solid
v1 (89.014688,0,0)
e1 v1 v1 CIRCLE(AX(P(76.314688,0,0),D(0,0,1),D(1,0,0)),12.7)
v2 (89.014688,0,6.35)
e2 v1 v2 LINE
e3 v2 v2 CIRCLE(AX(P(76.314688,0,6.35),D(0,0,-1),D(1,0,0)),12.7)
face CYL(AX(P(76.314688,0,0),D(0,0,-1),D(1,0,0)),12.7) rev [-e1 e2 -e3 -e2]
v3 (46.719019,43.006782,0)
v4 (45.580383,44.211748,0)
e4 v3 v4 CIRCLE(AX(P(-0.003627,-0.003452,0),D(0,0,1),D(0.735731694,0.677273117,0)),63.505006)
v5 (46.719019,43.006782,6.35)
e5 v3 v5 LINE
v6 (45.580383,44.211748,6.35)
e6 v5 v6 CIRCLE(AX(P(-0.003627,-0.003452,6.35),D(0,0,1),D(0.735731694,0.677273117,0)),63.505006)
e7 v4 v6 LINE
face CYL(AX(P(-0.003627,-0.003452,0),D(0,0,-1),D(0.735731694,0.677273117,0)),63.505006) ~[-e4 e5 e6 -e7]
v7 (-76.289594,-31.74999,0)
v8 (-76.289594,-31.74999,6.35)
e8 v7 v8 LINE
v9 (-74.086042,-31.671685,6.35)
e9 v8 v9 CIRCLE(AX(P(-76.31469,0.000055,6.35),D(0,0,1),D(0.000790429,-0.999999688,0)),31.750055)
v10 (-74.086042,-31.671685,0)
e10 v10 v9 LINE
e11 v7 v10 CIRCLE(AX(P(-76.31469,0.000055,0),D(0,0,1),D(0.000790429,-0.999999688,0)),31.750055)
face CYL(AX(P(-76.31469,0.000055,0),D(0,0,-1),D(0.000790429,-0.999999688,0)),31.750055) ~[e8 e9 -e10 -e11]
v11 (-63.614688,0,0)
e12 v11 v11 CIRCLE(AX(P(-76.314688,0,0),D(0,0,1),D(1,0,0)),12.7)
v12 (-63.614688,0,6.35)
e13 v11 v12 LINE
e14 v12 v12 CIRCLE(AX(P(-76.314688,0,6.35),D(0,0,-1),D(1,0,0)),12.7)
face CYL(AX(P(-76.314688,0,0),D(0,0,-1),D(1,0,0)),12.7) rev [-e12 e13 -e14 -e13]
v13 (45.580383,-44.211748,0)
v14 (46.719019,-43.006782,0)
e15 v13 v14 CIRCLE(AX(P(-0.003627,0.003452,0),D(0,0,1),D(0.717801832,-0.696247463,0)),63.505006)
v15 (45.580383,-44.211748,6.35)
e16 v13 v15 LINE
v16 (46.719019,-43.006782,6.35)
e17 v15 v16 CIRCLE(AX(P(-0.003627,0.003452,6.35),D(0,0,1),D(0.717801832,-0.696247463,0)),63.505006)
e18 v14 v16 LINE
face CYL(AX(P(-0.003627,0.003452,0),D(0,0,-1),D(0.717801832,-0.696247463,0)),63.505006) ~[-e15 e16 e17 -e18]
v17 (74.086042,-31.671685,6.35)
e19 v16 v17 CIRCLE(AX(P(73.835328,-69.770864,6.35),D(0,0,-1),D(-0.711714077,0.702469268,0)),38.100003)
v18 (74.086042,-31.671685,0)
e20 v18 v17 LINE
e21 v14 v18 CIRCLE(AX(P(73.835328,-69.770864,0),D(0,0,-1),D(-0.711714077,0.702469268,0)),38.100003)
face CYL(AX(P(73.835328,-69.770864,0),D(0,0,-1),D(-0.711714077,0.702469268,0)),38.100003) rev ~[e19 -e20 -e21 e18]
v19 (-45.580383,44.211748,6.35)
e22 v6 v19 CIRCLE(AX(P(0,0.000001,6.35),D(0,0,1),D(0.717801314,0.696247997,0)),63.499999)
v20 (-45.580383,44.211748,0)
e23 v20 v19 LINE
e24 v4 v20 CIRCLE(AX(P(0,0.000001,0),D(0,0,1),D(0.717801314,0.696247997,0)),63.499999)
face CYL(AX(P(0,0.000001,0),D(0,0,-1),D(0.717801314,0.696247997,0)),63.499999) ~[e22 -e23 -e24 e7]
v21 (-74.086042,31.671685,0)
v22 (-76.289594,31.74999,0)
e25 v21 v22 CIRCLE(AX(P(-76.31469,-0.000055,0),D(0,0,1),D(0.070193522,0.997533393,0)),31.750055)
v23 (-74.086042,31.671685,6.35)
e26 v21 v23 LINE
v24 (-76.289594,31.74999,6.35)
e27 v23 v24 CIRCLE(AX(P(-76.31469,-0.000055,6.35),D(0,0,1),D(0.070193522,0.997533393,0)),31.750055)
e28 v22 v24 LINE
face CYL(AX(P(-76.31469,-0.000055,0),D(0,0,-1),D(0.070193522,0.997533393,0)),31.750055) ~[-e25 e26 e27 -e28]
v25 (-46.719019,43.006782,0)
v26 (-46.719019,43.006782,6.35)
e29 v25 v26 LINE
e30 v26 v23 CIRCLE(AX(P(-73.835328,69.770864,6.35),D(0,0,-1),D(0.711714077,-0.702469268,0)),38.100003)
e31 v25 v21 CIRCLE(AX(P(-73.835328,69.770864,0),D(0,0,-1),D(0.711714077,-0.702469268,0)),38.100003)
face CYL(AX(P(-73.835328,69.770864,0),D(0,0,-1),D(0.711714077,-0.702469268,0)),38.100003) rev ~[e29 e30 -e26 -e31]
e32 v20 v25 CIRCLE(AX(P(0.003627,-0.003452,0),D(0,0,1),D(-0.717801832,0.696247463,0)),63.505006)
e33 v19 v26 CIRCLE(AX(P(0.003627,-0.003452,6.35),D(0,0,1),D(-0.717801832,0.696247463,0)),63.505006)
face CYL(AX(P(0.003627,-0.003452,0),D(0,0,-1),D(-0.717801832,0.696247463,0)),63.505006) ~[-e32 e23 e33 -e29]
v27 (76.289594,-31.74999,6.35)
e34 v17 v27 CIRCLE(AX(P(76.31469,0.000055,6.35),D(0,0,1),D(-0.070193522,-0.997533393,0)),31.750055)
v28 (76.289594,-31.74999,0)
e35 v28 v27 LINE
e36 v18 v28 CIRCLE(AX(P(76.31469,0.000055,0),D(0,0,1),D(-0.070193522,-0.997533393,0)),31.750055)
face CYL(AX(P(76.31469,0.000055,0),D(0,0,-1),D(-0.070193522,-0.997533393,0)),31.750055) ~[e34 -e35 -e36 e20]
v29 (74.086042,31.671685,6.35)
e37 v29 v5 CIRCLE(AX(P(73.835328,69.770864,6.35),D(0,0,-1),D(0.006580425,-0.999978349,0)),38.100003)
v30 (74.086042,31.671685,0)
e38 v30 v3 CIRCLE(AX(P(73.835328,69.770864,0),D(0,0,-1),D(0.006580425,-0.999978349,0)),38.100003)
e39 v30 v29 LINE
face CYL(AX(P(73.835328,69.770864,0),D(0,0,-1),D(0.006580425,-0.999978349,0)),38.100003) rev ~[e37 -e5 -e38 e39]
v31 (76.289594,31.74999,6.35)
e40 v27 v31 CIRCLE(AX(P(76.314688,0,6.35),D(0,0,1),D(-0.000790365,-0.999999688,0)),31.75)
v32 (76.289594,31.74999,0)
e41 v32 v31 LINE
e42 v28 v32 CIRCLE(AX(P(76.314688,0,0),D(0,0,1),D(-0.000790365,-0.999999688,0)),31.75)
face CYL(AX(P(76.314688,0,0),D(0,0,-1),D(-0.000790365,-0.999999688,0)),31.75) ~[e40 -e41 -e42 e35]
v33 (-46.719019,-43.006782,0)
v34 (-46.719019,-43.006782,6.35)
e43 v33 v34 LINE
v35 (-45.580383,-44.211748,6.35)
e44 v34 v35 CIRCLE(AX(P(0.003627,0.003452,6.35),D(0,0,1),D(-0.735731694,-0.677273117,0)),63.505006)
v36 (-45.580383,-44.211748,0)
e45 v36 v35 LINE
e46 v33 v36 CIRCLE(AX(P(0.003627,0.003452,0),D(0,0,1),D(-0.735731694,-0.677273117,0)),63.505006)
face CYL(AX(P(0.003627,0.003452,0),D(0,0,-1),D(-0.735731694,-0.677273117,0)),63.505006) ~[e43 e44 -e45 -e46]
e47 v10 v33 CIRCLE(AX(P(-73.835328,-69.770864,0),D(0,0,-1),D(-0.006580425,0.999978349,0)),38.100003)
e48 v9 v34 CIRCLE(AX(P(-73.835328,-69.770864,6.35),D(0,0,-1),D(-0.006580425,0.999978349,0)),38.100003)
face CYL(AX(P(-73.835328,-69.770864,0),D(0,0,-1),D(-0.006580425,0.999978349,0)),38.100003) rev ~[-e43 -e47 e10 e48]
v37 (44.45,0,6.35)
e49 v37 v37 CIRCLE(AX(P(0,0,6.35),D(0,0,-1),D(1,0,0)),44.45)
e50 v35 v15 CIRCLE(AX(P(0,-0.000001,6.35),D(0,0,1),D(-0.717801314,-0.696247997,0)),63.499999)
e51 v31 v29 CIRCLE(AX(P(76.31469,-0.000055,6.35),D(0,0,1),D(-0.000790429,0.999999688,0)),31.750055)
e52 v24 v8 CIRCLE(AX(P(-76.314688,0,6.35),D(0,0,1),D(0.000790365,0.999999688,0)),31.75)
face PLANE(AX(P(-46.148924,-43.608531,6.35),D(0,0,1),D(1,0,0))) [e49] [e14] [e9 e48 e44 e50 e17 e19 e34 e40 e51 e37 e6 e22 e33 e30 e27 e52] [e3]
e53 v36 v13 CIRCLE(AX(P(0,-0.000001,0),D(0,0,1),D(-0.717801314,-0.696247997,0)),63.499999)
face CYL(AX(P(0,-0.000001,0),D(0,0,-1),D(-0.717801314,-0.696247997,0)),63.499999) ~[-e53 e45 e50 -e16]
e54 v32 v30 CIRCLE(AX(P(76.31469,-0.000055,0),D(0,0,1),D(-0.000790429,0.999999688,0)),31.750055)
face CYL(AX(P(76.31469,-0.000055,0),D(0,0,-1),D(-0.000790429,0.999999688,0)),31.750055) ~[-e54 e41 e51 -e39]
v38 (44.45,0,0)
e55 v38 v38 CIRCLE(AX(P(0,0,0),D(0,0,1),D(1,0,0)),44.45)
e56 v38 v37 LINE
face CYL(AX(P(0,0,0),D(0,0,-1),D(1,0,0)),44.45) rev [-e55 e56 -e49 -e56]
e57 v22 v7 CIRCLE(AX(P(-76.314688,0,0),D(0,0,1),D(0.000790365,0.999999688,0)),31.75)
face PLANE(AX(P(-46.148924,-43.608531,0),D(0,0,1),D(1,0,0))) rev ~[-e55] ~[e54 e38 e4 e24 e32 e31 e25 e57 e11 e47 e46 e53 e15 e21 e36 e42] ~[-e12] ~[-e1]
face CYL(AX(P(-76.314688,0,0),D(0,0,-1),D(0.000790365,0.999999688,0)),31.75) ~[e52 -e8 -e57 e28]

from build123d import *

# Parameters (mm, degrees)
F0_R     = 12.7
F0_R_2   = 44.45
F1_DEPTH = 6.35
F2_DEPTH = 6.35


with BuildPart() as f1:
    # F0 (on Top) → F1 (new body)
    with BuildSketch(Plane.XY):
        with BuildLine():
            ThreePointArc((-74.086042, -31.671685), (-59.255851, -34.570734), (-46.719019, -43.006782))
            ThreePointArc((-46.719019, -43.006782), (-46.143146, -43.603071), (-45.580383, -44.211748))
            ThreePointArc((-45.580383, -44.211748), (0, -63.5), (45.580383, -44.211748))
            ThreePointArc((45.580383, -44.211748), (46.143146, -43.603071), (46.719019, -43.006782))
            ThreePointArc((46.719019, -43.006782), (59.255851, -34.570734), (74.086042, -31.671685))
            ThreePointArc((74.086042, -31.671685), (75.188385, -31.694894), (76.289594, -31.74999))
            ThreePointArc((76.289594, -31.74999), (108.064688, 0), (76.289594, 31.74999))
            ThreePointArc((76.289594, 31.74999), (75.188385, 31.694894), (74.086042, 31.671685))
            ThreePointArc((74.086042, 31.671685), (59.255851, 34.570734), (46.719019, 43.006782))
            ThreePointArc((46.719019, 43.006782), (46.143146, 43.603071), (45.580383, 44.211748))
            ThreePointArc((45.580383, 44.211748), (0, 63.5), (-45.580383, 44.211748))
            ThreePointArc((-45.580383, 44.211748), (-46.143146, 43.603071), (-46.719019, 43.006782))
            ThreePointArc((-46.719019, 43.006782), (-59.255851, 34.570734), (-74.086042, 31.671685))
            ThreePointArc((-74.086042, 31.671685), (-75.188385, 31.694894), (-76.289594, 31.74999))
            ThreePointArc((-76.289594, 31.74999), (-108.064688, 0), (-76.289594, -31.74999))
            ThreePointArc((-76.289594, -31.74999), (-75.188385, -31.694894), (-74.086042, -31.671685))
        make_face()
        with Locations((-76.314688, 0)):
            Circle(F0_R, mode=Mode.SUBTRACT)
        Circle(F0_R_2, mode=Mode.SUBTRACT)
        with Locations((76.314688, 0)):
            Circle(F0_R, mode=Mode.SUBTRACT)
    extrude(amount=F1_DEPTH)

    # F0 (on Top) → F2 (join)
    with BuildSketch(Plane.XY):
        with BuildLine():
            ThreePointArc((-45.580383, -44.211748), (-46.143146, -43.603071), (-46.719019, -43.006782))
            ThreePointArc((-46.719019, -43.006782), (-46.153633, -43.612981), (-45.580383, -44.211748))
        make_face()
        with BuildLine():
            ThreePointArc((-74.086042, -31.671685), (-59.255851, -34.570734), (-46.719019, -43.006782))
            ThreePointArc((-46.719019, -43.006782), (-46.143146, -43.603071), (-45.580383, -44.211748))
            ThreePointArc((-45.580383, -44.211748), (0, -63.5), (45.580383, -44.211748))
            ThreePointArc((45.580383, -44.211748), (46.143146, -43.603071), (46.719019, -43.006782))
            ThreePointArc((46.719019, -43.006782), (59.255851, -34.570734), (74.086042, -31.671685))
            ThreePointArc((74.086042, -31.671685), (75.188385, -31.694894), (76.289594, -31.74999))
            ThreePointArc((76.289594, -31.74999), (108.064688, 0), (76.289594, 31.74999))
            ThreePointArc((76.289594, 31.74999), (75.188385, 31.694894), (74.086042, 31.671685))
            ThreePointArc((74.086042, 31.671685), (59.255851, 34.570734), (46.719019, 43.006782))
            ThreePointArc((46.719019, 43.006782), (46.143146, 43.603071), (45.580383, 44.211748))
            ThreePointArc((45.580383, 44.211748), (0, 63.5), (-45.580383, 44.211748))
            ThreePointArc((-45.580383, 44.211748), (-46.143146, 43.603071), (-46.719019, 43.006782))
            ThreePointArc((-46.719019, 43.006782), (-59.255851, 34.570734), (-74.086042, 31.671685))
            ThreePointArc((-74.086042, 31.671685), (-75.188385, 31.694894), (-76.289594, 31.74999))
            ThreePointArc((-76.289594, 31.74999), (-108.064688, 0), (-76.289594, -31.74999))
            ThreePointArc((-76.289594, -31.74999), (-75.188385, -31.694894), (-74.086042, -31.671685))
        make_face()
        with Locations((-76.314688, 0)):
            Circle(F0_R, mode=Mode.SUBTRACT)
        Circle(F0_R_2, mode=Mode.SUBTRACT)
        with Locations((76.314688, 0)):
            Circle(F0_R, mode=Mode.SUBTRACT)
        with BuildLine():
            ThreePointArc((-76.289594, -31.74999), (-75.187138, -31.729972), (-74.086042, -31.671685))
            ThreePointArc((-74.086042, -31.671685), (-75.188385, -31.694894), (-76.289594, -31.74999))
        make_face()
        with BuildLine():
            ThreePointArc((46.719019, -43.006782), (46.143146, -43.603071), (45.580383, -44.211748))
            ThreePointArc((45.580383, -44.211748), (46.153633, -43.612981), (46.719019, -43.006782))
        make_face()
        with BuildLine():
            ThreePointArc((-74.086042, 31.671685), (-75.187138, 31.729972), (-76.289594, 31.74999))
            ThreePointArc((-76.289594, 31.74999), (-75.188385, 31.694894), (-74.086042, 31.671685))
        make_face()
        with BuildLine():
            ThreePointArc((76.289594, -31.74999), (75.188385, -31.694894), (74.086042, -31.671685))
            ThreePointArc((74.086042, -31.671685), (75.187138, -31.729972), (76.289594, -31.74999))
        make_face()
        with BuildLine():
            ThreePointArc((-45.580383, 44.211748), (-46.153633, 43.612981), (-46.719019, 43.006782))
            ThreePointArc((-46.719019, 43.006782), (-46.143146, 43.603071), (-45.580383, 44.211748))
        make_face()
        with BuildLine():
            ThreePointArc((74.086042, 31.671685), (75.188385, 31.694894), (76.289594, 31.74999))
            ThreePointArc((76.289594, 31.74999), (75.187138, 31.729972), (74.086042, 31.671685))
        make_face()
        with BuildLine():
            ThreePointArc((46.719019, 43.006782), (46.153633, 43.612981), (45.580383, 44.211748))
            ThreePointArc((45.580383, 44.211748), (46.143146, 43.603071), (46.719019, 43.006782))
        make_face()
    extrude(amount=F2_DEPTH)

    # F3: F1 across plane


with BuildPart() as f1_1:
    add(f1.part)
    add(f1.part.mirror(Plane.YZ))

    # F4: F1 across plane


with BuildPart() as f1_2:
    add(f1_1.part)
    add(f1_1.part.mirror(Plane.XZ))


solid = f1_2.part
